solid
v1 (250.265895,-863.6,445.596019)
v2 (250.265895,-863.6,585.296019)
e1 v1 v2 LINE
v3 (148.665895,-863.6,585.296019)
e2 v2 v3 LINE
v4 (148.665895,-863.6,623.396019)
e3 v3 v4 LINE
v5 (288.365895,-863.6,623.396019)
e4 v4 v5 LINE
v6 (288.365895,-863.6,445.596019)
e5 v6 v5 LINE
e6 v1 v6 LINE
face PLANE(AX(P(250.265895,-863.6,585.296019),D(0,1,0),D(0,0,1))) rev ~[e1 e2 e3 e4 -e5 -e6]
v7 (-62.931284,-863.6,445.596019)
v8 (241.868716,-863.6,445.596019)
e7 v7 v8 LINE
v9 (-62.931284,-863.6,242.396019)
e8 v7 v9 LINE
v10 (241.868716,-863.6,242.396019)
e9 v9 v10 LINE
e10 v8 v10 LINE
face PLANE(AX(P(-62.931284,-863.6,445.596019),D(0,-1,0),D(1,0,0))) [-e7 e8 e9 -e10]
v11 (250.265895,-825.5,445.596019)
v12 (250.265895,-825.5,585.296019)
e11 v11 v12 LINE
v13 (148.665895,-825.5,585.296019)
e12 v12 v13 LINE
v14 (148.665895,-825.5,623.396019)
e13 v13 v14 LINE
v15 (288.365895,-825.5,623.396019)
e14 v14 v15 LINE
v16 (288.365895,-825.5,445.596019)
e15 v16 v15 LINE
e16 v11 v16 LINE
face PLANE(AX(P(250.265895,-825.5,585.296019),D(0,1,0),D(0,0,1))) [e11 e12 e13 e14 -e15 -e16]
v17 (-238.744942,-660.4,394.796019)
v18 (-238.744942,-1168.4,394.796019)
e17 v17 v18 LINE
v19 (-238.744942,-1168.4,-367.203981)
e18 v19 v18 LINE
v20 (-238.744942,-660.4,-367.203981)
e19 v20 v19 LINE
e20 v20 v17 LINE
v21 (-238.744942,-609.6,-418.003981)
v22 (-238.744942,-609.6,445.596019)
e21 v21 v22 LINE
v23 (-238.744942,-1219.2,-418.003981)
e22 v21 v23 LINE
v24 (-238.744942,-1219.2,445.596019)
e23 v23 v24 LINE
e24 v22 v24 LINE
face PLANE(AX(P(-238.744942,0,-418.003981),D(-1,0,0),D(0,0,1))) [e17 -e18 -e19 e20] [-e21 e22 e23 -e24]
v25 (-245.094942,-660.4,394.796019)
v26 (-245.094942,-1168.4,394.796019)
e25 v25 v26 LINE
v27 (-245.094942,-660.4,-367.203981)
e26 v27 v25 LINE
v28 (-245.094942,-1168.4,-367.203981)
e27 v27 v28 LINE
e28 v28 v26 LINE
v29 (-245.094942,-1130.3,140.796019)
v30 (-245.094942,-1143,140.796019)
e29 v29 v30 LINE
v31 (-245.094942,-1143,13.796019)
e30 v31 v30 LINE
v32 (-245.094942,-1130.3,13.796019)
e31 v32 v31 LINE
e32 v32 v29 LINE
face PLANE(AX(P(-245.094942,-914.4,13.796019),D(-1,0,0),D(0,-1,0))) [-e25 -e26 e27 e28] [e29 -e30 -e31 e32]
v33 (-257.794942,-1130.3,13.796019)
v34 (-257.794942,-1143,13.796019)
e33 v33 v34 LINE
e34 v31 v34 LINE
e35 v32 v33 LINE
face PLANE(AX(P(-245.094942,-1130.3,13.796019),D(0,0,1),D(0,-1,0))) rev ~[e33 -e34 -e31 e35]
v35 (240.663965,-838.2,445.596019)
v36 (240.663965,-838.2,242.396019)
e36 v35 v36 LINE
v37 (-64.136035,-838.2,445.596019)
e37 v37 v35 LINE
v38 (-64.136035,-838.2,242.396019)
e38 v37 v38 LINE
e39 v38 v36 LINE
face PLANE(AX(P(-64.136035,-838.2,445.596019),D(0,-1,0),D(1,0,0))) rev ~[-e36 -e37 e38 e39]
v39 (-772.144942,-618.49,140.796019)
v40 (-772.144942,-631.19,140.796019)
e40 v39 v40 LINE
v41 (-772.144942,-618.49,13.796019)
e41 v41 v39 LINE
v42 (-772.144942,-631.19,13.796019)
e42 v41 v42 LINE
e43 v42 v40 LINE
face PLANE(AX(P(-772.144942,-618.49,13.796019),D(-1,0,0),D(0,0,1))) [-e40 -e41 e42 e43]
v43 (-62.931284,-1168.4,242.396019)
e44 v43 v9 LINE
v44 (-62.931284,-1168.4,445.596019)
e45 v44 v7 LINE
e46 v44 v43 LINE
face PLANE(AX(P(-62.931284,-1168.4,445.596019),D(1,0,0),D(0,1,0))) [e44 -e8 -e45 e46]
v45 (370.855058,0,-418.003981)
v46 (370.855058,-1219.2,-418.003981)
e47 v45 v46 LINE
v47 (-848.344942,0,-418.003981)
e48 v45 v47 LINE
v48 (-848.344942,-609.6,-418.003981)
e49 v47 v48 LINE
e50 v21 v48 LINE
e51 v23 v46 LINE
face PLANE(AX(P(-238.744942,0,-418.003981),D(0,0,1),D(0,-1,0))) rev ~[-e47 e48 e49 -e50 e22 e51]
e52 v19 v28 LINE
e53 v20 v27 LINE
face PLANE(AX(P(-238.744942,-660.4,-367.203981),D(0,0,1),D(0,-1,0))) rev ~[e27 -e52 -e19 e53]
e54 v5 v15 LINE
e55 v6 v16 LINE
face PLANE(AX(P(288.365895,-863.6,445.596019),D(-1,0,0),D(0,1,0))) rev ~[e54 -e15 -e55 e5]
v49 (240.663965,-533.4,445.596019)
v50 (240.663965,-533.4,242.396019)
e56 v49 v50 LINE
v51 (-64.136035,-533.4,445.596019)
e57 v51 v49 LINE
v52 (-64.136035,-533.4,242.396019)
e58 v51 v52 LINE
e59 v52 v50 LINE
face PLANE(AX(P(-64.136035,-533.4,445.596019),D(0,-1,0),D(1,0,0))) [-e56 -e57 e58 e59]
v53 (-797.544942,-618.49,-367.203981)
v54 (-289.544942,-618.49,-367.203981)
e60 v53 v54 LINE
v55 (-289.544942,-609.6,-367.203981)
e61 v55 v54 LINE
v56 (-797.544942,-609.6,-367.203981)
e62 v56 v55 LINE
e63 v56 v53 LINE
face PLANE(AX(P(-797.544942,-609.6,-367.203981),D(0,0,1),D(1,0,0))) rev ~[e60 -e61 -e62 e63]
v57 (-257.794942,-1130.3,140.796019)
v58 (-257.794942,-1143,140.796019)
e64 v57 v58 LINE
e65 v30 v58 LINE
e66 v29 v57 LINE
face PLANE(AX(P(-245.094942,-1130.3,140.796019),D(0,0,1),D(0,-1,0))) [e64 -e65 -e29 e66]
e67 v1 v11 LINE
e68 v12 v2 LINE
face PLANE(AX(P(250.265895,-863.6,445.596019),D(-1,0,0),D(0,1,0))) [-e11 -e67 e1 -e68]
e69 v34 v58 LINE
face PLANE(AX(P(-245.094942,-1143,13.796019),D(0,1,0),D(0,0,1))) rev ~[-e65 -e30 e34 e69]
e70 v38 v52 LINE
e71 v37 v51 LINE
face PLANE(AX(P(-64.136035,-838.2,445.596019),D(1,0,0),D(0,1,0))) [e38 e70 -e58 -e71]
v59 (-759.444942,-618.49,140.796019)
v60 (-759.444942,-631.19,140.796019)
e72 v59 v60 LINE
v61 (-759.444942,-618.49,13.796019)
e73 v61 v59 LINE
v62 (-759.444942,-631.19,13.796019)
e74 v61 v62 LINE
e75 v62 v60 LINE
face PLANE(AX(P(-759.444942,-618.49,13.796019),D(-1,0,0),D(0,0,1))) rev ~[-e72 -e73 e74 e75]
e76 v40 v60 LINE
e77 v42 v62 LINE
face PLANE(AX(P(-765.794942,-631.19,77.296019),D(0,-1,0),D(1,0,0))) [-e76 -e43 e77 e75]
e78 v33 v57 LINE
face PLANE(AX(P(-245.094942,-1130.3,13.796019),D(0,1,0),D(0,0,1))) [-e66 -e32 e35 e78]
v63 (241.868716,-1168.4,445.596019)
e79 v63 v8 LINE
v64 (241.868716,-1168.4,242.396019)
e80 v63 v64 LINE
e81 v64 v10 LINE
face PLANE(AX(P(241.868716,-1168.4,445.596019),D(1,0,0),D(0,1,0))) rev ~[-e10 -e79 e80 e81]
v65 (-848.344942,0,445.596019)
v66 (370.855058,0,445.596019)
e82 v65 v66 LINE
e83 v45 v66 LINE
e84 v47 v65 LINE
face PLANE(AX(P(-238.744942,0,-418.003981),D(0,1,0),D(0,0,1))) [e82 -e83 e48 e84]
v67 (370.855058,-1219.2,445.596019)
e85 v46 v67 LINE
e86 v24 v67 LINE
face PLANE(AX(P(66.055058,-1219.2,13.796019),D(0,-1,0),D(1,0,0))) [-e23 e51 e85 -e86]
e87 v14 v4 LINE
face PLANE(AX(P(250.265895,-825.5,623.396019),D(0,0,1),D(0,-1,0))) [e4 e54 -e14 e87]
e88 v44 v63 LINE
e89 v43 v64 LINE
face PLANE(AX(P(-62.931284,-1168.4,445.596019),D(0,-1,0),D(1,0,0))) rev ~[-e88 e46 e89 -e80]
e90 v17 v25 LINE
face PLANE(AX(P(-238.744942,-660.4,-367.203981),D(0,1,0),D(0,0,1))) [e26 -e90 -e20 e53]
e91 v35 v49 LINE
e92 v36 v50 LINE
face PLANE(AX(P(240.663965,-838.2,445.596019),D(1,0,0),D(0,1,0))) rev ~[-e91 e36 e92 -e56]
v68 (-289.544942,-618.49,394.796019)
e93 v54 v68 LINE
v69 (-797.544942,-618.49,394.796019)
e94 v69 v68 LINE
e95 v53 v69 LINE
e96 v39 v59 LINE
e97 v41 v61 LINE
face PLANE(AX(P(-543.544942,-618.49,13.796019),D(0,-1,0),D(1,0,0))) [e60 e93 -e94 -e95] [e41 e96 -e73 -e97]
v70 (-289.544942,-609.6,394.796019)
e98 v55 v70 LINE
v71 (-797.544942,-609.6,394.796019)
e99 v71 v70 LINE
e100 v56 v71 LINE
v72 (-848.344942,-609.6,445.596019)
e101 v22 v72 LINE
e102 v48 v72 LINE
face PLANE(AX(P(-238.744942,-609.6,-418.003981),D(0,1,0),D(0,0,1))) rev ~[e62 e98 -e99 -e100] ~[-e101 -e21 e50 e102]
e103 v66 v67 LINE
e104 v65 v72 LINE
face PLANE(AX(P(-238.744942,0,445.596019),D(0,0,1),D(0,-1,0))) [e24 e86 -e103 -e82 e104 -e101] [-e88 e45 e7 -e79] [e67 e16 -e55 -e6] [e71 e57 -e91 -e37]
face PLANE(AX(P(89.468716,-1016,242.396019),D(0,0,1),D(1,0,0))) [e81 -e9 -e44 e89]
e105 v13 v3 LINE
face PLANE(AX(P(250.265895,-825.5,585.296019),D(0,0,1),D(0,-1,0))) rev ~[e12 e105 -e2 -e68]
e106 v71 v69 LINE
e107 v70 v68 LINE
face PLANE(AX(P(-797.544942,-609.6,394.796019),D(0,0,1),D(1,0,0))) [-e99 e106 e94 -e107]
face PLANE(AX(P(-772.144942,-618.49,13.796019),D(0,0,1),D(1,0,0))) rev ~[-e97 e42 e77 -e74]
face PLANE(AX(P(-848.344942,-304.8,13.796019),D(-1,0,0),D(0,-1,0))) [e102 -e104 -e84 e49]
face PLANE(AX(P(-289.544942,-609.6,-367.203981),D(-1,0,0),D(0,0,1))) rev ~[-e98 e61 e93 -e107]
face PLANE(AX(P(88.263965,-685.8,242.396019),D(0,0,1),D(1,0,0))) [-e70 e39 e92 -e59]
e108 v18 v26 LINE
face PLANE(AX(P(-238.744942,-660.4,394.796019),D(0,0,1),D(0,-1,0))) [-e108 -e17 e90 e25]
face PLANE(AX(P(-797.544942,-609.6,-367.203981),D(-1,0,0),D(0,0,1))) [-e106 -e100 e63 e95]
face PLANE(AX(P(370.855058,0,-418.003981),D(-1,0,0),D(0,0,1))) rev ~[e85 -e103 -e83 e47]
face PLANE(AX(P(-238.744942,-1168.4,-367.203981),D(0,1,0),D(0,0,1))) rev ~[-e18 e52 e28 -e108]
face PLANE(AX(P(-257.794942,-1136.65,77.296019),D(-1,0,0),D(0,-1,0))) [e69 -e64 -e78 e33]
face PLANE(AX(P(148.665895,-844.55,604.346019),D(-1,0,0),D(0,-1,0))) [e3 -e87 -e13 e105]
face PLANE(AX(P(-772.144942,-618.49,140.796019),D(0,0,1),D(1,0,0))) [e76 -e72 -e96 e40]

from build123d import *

# Parameters (mm, degrees)
F0_W      = 609.6
F0_H      = 863.6
F1_DEPTH  = 1219.2
F2_W      = 609.6
F2_H      = 863.6
F3_DEPTH  = 609.6
F4_W      = 508
F4_H      = 762
F5_DEPTH  = 6.35
F6_W      = 508
F6_H      = 762
F7_DEPTH  = 8.89
F8_W      = 12.7
F8_H      = 127
F9_DEPTH  = 12.7
F10_W     = 12.7
F10_H     = 127
F11_DEPTH = 12.7
F12_W     = 304.8
F12_H     = 304.8
F13_DEPTH = 203.2
F14_W     = 38.1
F14_H     = 38.1
F15_DEPTH = 177.8
F16_W     = 38.1
F16_H     = 38.1
F17_DEPTH = 101.6


with BuildPart() as f1:
    # F0 (on Front) → F1 (new body)
    with BuildSketch(Plane.XZ):
        with Locations((66.055058, 13.796019)):
            Rectangle(F0_W, F0_H)
    extrude(amount=F1_DEPTH)

    # F2 (on face) → F3 (join)
    with BuildSketch(Plane(origin=(-238.744942, 0, 0), x_dir=(0, -1, 0), z_dir=(-1, 0, 0))):
        with Locations((304.8, 13.796019)):
            Rectangle(F2_W, F2_H)
    extrude(amount=F3_DEPTH)

    # F4 (on face) → F5 (join)
    with BuildSketch(Plane(origin=(-238.744942, 0, 0), x_dir=(0, -1, 0), z_dir=(-1, 0, 0))):
        with Locations((914.4, 13.796019)):
            Rectangle(F4_W, F4_H)
    extrude(amount=F5_DEPTH)

    # F6 (on face) → F7 (join)
    with BuildSketch(Plane.XZ.offset(609.6)):
        with Locations((-543.544942, 13.796019)):
            Rectangle(F6_W, F6_H)
    extrude(amount=F7_DEPTH)

    # F8 (on face) → F9 (join)
    with BuildSketch(Plane.XZ.offset(618.49)):
        with Locations((-765.794942, 77.296019)):
            Rectangle(F8_W, F8_H)
    extrude(amount=F9_DEPTH)

    # F10 (on face) → F11 (join)
    with BuildSketch(Plane(origin=(-245.094942, 0, 0), x_dir=(0, -1, 0), z_dir=(-1, 0, 0))):
        with Locations((1136.65, 77.296019)):
            Rectangle(F10_W, F10_H)
    extrude(amount=F11_DEPTH)

    # F12 (on face) → F13 (cut)
    with BuildSketch(Plane.XY.offset(445.596019)):
        with Locations((88.263965, -685.8)):
            Rectangle(F12_W, F12_H)
        with Locations((89.468716, -1016)):
            Rectangle(F12_W, F12_H)
    extrude(amount=-F13_DEPTH, mode=Mode.SUBTRACT)

    # F14 (on face) → F15 (join)
    with BuildSketch(Plane.XY.offset(445.596019)):
        with Locations((269.315895, -844.55)):
            Rectangle(F14_W, F14_H)
    extrude(amount=F15_DEPTH)

    # F16 (on face) → F17 (join)
    with BuildSketch(Plane(origin=(250.265895, 0, 0), x_dir=(0, -1, 0), z_dir=(-1, 0, 0))):
        with Locations((844.55, 604.346019)):
            Rectangle(F16_W, F16_H)
    extrude(amount=F17_DEPTH)


solid = f1.part
